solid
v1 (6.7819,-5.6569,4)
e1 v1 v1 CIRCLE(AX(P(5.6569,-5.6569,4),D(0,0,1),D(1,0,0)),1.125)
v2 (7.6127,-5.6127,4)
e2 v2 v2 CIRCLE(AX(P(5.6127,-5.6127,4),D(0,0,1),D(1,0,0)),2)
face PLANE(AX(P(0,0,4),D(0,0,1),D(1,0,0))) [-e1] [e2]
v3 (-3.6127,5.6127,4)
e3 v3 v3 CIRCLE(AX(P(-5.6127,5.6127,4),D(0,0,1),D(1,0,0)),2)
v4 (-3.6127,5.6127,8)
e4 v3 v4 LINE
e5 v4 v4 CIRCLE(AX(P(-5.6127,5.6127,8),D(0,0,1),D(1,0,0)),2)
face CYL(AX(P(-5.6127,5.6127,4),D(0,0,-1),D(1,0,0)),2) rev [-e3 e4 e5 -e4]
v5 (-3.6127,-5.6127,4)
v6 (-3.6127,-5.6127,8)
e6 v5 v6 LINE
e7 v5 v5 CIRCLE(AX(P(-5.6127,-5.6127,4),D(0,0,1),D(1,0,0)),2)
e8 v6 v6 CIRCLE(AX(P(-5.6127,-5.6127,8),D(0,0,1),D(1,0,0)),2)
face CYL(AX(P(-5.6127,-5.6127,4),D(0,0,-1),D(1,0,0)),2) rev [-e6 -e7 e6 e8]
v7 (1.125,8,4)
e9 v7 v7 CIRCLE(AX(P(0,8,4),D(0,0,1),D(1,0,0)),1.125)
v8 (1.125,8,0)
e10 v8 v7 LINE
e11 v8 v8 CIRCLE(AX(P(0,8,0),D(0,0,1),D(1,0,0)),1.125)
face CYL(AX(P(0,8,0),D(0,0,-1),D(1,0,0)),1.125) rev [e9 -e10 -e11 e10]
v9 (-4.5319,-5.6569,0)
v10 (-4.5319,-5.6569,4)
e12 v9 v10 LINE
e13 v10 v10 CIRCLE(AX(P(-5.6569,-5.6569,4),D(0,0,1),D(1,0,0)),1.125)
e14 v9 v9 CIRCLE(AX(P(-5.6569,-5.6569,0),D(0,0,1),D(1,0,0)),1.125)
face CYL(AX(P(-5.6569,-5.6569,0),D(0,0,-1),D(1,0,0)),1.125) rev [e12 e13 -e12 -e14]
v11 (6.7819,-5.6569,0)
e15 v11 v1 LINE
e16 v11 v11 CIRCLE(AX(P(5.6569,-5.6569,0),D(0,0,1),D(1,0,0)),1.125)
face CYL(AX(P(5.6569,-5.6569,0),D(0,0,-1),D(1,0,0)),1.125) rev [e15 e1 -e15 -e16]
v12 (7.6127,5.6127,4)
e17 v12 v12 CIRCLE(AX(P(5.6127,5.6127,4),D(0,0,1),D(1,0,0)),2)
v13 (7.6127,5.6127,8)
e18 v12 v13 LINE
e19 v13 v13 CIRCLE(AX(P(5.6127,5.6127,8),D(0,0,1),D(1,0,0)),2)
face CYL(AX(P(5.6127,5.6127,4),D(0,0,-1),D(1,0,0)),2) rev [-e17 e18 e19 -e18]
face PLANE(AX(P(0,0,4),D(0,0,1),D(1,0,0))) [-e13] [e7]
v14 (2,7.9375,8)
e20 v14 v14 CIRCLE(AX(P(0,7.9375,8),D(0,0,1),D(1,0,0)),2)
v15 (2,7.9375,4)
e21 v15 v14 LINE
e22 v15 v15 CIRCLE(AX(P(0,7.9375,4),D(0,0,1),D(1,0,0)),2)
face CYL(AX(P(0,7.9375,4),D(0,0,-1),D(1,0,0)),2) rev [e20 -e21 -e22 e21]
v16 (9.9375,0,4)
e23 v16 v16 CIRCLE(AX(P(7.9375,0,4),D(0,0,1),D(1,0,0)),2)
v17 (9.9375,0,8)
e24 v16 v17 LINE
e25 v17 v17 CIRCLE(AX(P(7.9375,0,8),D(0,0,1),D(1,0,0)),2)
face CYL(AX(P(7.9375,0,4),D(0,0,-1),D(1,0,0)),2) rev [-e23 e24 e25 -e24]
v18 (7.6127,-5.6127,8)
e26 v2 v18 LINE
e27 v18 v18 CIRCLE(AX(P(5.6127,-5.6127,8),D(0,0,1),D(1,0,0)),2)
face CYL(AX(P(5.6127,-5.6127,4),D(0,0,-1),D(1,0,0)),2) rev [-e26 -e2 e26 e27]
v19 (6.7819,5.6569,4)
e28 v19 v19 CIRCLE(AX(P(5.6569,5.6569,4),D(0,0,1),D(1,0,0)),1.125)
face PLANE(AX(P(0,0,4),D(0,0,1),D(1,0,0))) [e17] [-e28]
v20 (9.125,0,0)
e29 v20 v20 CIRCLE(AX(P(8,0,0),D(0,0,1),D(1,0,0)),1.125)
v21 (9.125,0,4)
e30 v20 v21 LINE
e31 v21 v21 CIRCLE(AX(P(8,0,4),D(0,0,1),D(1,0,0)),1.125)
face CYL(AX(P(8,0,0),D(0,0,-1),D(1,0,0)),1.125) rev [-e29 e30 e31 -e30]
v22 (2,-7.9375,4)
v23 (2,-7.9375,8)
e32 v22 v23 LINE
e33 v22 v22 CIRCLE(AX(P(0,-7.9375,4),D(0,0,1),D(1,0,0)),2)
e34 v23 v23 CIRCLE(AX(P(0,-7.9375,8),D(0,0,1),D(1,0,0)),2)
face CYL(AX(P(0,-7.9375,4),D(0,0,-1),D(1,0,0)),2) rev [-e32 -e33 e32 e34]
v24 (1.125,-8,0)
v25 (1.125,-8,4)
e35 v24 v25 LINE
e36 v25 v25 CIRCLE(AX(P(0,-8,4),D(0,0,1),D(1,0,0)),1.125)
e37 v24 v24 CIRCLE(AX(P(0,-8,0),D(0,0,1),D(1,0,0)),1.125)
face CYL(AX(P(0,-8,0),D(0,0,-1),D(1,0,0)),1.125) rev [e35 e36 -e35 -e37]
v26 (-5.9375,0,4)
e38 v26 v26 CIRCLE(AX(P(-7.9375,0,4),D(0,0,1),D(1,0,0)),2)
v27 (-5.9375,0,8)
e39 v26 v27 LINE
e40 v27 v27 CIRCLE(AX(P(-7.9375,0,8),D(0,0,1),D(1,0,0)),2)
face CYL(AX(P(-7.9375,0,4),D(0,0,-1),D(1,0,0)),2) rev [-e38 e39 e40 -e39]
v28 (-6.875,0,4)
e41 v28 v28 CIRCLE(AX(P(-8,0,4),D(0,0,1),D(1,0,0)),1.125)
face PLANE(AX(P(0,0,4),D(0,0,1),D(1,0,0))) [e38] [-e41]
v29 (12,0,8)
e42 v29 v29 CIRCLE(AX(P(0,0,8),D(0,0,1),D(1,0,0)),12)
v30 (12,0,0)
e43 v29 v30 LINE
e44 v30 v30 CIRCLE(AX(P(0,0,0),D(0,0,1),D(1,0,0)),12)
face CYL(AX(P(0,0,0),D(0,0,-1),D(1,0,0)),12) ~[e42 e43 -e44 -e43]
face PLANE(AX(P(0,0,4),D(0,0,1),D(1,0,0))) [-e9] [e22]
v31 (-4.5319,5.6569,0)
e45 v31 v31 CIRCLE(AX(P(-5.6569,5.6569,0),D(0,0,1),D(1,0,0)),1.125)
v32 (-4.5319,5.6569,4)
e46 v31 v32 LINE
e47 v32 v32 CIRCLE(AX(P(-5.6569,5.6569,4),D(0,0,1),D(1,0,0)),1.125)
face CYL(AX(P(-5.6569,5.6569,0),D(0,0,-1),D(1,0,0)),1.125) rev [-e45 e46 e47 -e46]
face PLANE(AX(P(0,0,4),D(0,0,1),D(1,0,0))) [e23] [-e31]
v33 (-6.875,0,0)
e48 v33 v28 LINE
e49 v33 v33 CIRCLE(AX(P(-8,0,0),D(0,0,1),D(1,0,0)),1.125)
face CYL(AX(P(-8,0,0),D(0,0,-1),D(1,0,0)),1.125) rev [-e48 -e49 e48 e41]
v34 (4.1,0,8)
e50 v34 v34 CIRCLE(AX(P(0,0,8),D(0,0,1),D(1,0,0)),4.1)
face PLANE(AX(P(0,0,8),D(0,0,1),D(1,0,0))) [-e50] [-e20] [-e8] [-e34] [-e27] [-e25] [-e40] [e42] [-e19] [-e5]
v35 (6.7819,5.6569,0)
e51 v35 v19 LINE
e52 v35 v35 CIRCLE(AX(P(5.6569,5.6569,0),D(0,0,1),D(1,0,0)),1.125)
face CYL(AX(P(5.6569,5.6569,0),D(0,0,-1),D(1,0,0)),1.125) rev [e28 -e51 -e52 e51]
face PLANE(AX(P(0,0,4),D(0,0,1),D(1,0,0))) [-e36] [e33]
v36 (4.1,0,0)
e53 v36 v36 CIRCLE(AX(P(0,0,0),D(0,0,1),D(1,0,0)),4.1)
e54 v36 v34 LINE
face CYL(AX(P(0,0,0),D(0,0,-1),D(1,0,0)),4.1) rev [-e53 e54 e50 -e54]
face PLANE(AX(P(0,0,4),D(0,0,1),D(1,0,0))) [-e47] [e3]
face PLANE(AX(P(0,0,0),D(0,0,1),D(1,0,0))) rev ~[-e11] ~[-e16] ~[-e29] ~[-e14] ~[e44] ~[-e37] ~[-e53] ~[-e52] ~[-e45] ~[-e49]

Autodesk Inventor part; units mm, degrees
ref_plane "YZ Plane" through (0, 0, 0) normal (1, 0, 0) x (0, 1, 0)
ref_plane "XZ Plane" through (0, 0, 0) normal (0, 1, 0) x (-1, 0, 0)
ref_plane "XY Plane" through (0, 0, 0) normal (0, 0, 1) x (1, 0, 0)
sketch "Sketch2" plane through (0, 0, 0) normal (0, 0, 1) x (1, 0, 0)
  circle A0 centre (0, 8) radius 1.125
  circle A1 centre (0, 0) radius 1
  circle A2 centre (-5.6569, 5.6569) radius 1.125
  circle A3 centre (-8, 0) radius 1.125
  circle A4 centre (-5.6569, -5.6569) radius 1.125
  circle A5 centre (0, -8) radius 1.125
  circle A6 centre (5.6569, -5.6569) radius 1.125
  circle A7 centre (8, 0) radius 1.125
  circle A8 centre (5.6569, 5.6569) radius 1.125
  circle A9 centre (0, 0) radius 12
  circle A10 centre (0, 0) radius 4.1
  point P0 (0.1028, -10.875)
  dimension "d5" = 360
  dimension "d10" = 2.25
  dimension "d11" = 24
  dimension "d12" = 8.2
  dimension "d13" = 2
extrude "Extrusion1" add sketch "Sketch2" along normal blind 4 contours A9
sketch "Sketch5" plane through (0, 0, 4) normal (0, 0, 1) x (1, 0, 0)
  circle A0 centre (0, 0) radius 4.1
  circle A1 centre (0, 0) radius 12
  circle A2 centre (-7.9375, 0) radius 2
  circle A3 centre (-5.6127, -5.6127) radius 2
  circle A4 centre (0, -7.9375) radius 2
  circle A5 centre (5.6127, -5.6127) radius 2
  circle A6 centre (7.9375, 0) radius 2
  circle A7 centre (5.6127, 5.6127) radius 2
  circle A8 centre (0, 7.9375) radius 2
  circle A9 centre (-5.6127, 5.6127) radius 2
  dimension "d17" = 4
  dimension "d20" = 360
extrude "Extrusion4" add sketch "Sketch5" along normal blind 4
properties part number "horn_3"
